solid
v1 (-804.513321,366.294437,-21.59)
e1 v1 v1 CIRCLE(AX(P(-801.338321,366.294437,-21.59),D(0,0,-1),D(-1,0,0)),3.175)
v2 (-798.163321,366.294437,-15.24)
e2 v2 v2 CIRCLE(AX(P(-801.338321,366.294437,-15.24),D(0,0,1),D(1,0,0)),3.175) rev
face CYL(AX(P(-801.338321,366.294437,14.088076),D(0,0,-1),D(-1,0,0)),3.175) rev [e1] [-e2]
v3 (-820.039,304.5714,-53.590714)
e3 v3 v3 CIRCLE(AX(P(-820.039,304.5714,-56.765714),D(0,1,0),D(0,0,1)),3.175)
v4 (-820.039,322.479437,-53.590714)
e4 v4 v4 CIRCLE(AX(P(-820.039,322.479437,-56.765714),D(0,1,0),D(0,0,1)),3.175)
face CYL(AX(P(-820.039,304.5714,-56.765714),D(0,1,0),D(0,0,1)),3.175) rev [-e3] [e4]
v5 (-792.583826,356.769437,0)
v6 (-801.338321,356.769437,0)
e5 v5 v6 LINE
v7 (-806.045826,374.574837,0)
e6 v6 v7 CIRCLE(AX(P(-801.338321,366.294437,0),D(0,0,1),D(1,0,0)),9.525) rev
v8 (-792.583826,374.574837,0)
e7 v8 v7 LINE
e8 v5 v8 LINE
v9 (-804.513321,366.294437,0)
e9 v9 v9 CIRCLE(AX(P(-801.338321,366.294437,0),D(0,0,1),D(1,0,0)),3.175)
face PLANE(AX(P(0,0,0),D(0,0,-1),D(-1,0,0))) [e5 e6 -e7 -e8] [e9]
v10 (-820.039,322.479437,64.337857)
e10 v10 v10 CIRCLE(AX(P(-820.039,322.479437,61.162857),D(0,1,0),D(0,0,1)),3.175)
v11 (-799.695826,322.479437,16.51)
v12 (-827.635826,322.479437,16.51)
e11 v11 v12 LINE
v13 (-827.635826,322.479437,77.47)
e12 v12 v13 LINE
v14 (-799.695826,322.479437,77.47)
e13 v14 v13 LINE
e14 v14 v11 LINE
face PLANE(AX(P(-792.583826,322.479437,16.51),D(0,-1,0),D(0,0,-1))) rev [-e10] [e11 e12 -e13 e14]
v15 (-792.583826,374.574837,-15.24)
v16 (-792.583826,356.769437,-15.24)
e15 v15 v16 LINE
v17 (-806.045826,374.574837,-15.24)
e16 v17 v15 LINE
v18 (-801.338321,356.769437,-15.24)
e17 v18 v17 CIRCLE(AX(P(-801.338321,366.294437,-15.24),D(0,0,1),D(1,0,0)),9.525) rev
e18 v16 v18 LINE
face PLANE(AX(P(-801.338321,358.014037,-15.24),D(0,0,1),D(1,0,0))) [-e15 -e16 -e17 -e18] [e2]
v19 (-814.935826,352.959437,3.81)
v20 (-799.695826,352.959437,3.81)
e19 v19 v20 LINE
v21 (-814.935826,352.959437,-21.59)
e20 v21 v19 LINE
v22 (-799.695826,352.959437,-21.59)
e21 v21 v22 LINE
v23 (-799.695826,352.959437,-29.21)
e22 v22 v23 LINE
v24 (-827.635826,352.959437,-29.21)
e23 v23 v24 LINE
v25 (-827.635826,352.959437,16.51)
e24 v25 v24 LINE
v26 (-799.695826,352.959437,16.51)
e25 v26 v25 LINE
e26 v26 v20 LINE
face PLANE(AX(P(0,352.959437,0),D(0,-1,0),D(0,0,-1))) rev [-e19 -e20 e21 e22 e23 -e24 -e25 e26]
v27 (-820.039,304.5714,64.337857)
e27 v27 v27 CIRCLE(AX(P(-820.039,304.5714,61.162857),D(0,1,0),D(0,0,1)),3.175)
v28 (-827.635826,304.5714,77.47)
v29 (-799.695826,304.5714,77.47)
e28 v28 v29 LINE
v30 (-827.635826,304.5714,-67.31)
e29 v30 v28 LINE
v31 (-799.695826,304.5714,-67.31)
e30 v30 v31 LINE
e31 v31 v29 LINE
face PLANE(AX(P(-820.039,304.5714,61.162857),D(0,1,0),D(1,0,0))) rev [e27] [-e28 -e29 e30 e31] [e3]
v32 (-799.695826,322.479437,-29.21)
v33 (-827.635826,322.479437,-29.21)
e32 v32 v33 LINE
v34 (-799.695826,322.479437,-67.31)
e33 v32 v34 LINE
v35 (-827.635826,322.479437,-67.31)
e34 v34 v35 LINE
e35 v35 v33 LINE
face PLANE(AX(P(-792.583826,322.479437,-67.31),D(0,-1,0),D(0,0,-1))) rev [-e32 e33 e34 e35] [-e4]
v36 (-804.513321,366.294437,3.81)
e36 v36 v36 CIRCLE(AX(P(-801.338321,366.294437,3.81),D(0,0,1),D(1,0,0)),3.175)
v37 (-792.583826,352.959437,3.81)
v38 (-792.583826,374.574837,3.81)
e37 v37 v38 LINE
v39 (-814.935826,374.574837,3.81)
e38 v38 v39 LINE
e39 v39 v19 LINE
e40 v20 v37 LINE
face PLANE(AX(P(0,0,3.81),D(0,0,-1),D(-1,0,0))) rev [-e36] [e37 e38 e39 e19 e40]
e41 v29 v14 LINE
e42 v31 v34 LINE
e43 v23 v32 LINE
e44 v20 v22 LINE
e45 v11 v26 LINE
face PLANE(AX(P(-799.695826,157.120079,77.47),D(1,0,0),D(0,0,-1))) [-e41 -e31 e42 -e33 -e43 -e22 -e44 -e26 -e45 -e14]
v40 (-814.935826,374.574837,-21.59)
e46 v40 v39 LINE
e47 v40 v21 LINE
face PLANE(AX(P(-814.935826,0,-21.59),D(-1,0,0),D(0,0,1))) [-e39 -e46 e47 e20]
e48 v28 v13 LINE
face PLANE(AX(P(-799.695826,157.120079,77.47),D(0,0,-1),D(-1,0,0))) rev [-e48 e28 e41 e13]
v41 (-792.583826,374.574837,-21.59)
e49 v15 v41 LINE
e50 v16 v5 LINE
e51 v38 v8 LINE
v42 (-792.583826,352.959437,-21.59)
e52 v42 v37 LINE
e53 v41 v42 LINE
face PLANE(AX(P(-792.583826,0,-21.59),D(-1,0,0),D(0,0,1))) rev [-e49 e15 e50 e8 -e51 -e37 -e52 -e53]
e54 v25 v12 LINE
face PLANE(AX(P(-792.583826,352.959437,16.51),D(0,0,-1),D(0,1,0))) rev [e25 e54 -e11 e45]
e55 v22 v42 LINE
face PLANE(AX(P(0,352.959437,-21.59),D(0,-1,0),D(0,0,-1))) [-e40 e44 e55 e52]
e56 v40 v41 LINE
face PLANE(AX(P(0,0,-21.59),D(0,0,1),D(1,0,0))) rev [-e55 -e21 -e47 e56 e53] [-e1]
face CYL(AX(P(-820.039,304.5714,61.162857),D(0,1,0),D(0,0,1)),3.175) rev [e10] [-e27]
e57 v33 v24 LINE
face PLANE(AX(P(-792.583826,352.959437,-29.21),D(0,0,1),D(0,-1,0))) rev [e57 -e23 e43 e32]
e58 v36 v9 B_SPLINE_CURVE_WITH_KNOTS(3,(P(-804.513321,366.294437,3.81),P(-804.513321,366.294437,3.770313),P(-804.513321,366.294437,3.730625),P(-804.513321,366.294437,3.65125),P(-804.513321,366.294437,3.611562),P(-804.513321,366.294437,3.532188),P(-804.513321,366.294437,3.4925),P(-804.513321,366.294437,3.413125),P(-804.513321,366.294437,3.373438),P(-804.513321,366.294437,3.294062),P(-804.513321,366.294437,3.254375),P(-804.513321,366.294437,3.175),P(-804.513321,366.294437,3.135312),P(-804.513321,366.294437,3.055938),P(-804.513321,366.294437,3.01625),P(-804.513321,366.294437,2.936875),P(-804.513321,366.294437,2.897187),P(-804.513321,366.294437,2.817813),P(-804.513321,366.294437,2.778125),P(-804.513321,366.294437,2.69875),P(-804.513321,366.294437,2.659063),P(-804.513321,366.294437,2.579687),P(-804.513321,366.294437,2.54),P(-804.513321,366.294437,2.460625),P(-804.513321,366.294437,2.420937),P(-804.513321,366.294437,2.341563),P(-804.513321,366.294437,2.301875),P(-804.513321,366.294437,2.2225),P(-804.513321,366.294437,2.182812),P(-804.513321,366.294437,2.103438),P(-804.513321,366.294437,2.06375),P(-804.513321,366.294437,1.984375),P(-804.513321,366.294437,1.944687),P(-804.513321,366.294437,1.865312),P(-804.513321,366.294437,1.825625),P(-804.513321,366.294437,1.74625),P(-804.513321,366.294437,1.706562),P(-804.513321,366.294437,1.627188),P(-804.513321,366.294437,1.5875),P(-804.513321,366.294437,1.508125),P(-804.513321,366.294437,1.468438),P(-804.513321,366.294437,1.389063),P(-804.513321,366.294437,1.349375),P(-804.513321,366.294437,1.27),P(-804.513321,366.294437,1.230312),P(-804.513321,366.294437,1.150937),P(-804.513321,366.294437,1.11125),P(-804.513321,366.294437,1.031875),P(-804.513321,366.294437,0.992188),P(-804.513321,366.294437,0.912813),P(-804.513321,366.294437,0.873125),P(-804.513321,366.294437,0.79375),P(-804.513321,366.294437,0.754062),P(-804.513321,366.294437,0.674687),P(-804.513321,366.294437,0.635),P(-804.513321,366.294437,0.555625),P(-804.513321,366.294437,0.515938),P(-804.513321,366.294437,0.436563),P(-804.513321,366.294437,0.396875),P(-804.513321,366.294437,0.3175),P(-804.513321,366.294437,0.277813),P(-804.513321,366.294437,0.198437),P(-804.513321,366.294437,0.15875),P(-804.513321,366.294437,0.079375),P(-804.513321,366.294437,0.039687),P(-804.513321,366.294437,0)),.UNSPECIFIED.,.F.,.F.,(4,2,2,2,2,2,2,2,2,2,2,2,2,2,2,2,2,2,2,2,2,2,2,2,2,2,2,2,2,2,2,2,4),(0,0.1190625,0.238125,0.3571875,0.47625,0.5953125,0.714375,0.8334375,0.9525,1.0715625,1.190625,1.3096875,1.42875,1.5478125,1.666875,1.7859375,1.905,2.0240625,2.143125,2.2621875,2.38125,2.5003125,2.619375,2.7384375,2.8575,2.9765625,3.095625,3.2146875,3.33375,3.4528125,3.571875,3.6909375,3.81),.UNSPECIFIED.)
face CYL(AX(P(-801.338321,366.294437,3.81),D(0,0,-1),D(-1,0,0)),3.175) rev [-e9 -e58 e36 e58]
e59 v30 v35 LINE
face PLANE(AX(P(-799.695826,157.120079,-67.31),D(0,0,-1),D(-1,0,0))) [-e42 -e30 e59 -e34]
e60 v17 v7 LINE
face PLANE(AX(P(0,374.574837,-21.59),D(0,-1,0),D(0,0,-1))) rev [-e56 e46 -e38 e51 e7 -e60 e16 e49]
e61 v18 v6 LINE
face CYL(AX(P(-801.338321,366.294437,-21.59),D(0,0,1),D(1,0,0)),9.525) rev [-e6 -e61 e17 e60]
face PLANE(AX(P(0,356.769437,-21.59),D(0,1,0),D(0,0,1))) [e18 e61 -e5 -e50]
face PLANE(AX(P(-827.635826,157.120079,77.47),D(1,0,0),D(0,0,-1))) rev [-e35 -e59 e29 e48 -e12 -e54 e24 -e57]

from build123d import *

# Parameters (mm, degrees)
BOSS_EXTRUDE1_DEPTH = 21.59
SKETCH2_W           = 22.352
SKETCH2_H           = 21.6154
SKETCH2_R           = 3.175
BOSS_EXTRUDE2_DEPTH = 3.81
SKETCH3_R           = 3.175
BOSS_EXTRUDE3_DEPTH = 6.35
SKETCH4_W           = 27.94
SKETCH4_H           = 144.78
BOSS_EXTRUDE4_DEPTH = 48.388036719
SKETCH5_W           = 38.1
SKETCH5_H           = 30.48
SKETCH5_W_2         = 60.96
CUT_EXTRUDE1_DEPTH  = 385.104870976
SKETCH6_R           = 3.175
CUT_EXTRUDE2_DEPTH  = 833.884500924


with BuildPart() as part:
    # Sketch1 → Boss-Extrude1 (new body)
    with BuildSketch(Plane.XY):
        with BuildLine():
            Line((-792.583825879, 352.959436719), (-792.583825879, 356.769436719))
            Line((-792.583825879, 356.769436719), (-801.338321143, 356.769436719))
            ThreePointArc((-801.338321143, 356.769436719), (-803.772947911, 357.085841957), (-806.045825879, 358.014036719))
            ThreePointArc((-806.045825879, 358.014036719), (-810.863321143, 366.294436719), (-806.045825879, 374.574836719))
            Line((-806.045825879, 374.574836719), (-814.935825879, 374.574836719))
            Line((-814.935825879, 374.574836719), (-814.935825879, 352.959436719))
            Line((-814.935825879, 352.959436719), (-792.583825879, 352.959436719))
        make_face()
    extrude(amount=-BOSS_EXTRUDE1_DEPTH)

    # Sketch2 → Boss-Extrude2 (add)
    with BuildSketch(Plane.XY):
        with Locations((-803.759825879, 363.767136719)):
            Rectangle(SKETCH2_W, SKETCH2_H)
        with Locations(Location((-801.338321143, 366.294436719, 0), (0, 0, 180))):
            Circle(SKETCH2_R, mode=Mode.SUBTRACT)
    extrude(amount=BOSS_EXTRUDE2_DEPTH)

    # Sketch3 → Boss-Extrude3 (add)
    with BuildSketch(Plane(origin=(0, 0, -21.59), x_dir=(-1, 0, 0), z_dir=(0, 0, -1))):
        with BuildLine():
            Line((792.583825879, 356.769436719), (792.583825879, 374.574836719))
            Line((792.583825879, 374.574836719), (806.045825879, 374.574836719))
            ThreePointArc((806.045825879, 374.574836719), (810.546915906, 363.859809951), (801.338321143, 356.769436719))
            Line((801.338321143, 356.769436719), (792.583825879, 356.769436719))
        make_face()
        with Locations((801.338321143, 366.294436719)):
            Circle(SKETCH3_R, mode=Mode.SUBTRACT)
    extrude(amount=-BOSS_EXTRUDE3_DEPTH)

    # Sketch4 → Boss-Extrude4 (add)
    with BuildSketch(Plane.XZ.offset(-352.959436719)):
        with Locations((-813.665825879, 5.08)):
            Rectangle(SKETCH4_W, SKETCH4_H)
    extrude(amount=BOSS_EXTRUDE4_DEPTH)

    # Sketch5 → Cut-Extrude1 (cut, through all)
    with BuildSketch(Plane.ZY.offset(827.635825879)):
        with Locations((-48.26, 337.719436719)):
            Rectangle(SKETCH5_W, SKETCH5_H)
        with Locations((46.99, 337.719436719)):
            Rectangle(SKETCH5_W_2, SKETCH5_H)
    extrude(amount=-CUT_EXTRUDE1_DEPTH, mode=Mode.SUBTRACT)

    # Sketch6 → Cut-Extrude2 (cut, through all)
    with BuildSketch(Plane(origin=(0, 322.479436719, 0), x_dir=(1, 0, 0), z_dir=(0, 1, 0))):
        with Locations(Location((-820.039, 56.765714286, 0), (0, 0, 270))):
            Circle(SKETCH6_R)
        with Locations(Location((-820.039, -61.162857143, 0), (0, 0, 270))):
            Circle(SKETCH6_R)
    extrude(amount=-CUT_EXTRUDE2_DEPTH, mode=Mode.SUBTRACT)


solid = part.part
